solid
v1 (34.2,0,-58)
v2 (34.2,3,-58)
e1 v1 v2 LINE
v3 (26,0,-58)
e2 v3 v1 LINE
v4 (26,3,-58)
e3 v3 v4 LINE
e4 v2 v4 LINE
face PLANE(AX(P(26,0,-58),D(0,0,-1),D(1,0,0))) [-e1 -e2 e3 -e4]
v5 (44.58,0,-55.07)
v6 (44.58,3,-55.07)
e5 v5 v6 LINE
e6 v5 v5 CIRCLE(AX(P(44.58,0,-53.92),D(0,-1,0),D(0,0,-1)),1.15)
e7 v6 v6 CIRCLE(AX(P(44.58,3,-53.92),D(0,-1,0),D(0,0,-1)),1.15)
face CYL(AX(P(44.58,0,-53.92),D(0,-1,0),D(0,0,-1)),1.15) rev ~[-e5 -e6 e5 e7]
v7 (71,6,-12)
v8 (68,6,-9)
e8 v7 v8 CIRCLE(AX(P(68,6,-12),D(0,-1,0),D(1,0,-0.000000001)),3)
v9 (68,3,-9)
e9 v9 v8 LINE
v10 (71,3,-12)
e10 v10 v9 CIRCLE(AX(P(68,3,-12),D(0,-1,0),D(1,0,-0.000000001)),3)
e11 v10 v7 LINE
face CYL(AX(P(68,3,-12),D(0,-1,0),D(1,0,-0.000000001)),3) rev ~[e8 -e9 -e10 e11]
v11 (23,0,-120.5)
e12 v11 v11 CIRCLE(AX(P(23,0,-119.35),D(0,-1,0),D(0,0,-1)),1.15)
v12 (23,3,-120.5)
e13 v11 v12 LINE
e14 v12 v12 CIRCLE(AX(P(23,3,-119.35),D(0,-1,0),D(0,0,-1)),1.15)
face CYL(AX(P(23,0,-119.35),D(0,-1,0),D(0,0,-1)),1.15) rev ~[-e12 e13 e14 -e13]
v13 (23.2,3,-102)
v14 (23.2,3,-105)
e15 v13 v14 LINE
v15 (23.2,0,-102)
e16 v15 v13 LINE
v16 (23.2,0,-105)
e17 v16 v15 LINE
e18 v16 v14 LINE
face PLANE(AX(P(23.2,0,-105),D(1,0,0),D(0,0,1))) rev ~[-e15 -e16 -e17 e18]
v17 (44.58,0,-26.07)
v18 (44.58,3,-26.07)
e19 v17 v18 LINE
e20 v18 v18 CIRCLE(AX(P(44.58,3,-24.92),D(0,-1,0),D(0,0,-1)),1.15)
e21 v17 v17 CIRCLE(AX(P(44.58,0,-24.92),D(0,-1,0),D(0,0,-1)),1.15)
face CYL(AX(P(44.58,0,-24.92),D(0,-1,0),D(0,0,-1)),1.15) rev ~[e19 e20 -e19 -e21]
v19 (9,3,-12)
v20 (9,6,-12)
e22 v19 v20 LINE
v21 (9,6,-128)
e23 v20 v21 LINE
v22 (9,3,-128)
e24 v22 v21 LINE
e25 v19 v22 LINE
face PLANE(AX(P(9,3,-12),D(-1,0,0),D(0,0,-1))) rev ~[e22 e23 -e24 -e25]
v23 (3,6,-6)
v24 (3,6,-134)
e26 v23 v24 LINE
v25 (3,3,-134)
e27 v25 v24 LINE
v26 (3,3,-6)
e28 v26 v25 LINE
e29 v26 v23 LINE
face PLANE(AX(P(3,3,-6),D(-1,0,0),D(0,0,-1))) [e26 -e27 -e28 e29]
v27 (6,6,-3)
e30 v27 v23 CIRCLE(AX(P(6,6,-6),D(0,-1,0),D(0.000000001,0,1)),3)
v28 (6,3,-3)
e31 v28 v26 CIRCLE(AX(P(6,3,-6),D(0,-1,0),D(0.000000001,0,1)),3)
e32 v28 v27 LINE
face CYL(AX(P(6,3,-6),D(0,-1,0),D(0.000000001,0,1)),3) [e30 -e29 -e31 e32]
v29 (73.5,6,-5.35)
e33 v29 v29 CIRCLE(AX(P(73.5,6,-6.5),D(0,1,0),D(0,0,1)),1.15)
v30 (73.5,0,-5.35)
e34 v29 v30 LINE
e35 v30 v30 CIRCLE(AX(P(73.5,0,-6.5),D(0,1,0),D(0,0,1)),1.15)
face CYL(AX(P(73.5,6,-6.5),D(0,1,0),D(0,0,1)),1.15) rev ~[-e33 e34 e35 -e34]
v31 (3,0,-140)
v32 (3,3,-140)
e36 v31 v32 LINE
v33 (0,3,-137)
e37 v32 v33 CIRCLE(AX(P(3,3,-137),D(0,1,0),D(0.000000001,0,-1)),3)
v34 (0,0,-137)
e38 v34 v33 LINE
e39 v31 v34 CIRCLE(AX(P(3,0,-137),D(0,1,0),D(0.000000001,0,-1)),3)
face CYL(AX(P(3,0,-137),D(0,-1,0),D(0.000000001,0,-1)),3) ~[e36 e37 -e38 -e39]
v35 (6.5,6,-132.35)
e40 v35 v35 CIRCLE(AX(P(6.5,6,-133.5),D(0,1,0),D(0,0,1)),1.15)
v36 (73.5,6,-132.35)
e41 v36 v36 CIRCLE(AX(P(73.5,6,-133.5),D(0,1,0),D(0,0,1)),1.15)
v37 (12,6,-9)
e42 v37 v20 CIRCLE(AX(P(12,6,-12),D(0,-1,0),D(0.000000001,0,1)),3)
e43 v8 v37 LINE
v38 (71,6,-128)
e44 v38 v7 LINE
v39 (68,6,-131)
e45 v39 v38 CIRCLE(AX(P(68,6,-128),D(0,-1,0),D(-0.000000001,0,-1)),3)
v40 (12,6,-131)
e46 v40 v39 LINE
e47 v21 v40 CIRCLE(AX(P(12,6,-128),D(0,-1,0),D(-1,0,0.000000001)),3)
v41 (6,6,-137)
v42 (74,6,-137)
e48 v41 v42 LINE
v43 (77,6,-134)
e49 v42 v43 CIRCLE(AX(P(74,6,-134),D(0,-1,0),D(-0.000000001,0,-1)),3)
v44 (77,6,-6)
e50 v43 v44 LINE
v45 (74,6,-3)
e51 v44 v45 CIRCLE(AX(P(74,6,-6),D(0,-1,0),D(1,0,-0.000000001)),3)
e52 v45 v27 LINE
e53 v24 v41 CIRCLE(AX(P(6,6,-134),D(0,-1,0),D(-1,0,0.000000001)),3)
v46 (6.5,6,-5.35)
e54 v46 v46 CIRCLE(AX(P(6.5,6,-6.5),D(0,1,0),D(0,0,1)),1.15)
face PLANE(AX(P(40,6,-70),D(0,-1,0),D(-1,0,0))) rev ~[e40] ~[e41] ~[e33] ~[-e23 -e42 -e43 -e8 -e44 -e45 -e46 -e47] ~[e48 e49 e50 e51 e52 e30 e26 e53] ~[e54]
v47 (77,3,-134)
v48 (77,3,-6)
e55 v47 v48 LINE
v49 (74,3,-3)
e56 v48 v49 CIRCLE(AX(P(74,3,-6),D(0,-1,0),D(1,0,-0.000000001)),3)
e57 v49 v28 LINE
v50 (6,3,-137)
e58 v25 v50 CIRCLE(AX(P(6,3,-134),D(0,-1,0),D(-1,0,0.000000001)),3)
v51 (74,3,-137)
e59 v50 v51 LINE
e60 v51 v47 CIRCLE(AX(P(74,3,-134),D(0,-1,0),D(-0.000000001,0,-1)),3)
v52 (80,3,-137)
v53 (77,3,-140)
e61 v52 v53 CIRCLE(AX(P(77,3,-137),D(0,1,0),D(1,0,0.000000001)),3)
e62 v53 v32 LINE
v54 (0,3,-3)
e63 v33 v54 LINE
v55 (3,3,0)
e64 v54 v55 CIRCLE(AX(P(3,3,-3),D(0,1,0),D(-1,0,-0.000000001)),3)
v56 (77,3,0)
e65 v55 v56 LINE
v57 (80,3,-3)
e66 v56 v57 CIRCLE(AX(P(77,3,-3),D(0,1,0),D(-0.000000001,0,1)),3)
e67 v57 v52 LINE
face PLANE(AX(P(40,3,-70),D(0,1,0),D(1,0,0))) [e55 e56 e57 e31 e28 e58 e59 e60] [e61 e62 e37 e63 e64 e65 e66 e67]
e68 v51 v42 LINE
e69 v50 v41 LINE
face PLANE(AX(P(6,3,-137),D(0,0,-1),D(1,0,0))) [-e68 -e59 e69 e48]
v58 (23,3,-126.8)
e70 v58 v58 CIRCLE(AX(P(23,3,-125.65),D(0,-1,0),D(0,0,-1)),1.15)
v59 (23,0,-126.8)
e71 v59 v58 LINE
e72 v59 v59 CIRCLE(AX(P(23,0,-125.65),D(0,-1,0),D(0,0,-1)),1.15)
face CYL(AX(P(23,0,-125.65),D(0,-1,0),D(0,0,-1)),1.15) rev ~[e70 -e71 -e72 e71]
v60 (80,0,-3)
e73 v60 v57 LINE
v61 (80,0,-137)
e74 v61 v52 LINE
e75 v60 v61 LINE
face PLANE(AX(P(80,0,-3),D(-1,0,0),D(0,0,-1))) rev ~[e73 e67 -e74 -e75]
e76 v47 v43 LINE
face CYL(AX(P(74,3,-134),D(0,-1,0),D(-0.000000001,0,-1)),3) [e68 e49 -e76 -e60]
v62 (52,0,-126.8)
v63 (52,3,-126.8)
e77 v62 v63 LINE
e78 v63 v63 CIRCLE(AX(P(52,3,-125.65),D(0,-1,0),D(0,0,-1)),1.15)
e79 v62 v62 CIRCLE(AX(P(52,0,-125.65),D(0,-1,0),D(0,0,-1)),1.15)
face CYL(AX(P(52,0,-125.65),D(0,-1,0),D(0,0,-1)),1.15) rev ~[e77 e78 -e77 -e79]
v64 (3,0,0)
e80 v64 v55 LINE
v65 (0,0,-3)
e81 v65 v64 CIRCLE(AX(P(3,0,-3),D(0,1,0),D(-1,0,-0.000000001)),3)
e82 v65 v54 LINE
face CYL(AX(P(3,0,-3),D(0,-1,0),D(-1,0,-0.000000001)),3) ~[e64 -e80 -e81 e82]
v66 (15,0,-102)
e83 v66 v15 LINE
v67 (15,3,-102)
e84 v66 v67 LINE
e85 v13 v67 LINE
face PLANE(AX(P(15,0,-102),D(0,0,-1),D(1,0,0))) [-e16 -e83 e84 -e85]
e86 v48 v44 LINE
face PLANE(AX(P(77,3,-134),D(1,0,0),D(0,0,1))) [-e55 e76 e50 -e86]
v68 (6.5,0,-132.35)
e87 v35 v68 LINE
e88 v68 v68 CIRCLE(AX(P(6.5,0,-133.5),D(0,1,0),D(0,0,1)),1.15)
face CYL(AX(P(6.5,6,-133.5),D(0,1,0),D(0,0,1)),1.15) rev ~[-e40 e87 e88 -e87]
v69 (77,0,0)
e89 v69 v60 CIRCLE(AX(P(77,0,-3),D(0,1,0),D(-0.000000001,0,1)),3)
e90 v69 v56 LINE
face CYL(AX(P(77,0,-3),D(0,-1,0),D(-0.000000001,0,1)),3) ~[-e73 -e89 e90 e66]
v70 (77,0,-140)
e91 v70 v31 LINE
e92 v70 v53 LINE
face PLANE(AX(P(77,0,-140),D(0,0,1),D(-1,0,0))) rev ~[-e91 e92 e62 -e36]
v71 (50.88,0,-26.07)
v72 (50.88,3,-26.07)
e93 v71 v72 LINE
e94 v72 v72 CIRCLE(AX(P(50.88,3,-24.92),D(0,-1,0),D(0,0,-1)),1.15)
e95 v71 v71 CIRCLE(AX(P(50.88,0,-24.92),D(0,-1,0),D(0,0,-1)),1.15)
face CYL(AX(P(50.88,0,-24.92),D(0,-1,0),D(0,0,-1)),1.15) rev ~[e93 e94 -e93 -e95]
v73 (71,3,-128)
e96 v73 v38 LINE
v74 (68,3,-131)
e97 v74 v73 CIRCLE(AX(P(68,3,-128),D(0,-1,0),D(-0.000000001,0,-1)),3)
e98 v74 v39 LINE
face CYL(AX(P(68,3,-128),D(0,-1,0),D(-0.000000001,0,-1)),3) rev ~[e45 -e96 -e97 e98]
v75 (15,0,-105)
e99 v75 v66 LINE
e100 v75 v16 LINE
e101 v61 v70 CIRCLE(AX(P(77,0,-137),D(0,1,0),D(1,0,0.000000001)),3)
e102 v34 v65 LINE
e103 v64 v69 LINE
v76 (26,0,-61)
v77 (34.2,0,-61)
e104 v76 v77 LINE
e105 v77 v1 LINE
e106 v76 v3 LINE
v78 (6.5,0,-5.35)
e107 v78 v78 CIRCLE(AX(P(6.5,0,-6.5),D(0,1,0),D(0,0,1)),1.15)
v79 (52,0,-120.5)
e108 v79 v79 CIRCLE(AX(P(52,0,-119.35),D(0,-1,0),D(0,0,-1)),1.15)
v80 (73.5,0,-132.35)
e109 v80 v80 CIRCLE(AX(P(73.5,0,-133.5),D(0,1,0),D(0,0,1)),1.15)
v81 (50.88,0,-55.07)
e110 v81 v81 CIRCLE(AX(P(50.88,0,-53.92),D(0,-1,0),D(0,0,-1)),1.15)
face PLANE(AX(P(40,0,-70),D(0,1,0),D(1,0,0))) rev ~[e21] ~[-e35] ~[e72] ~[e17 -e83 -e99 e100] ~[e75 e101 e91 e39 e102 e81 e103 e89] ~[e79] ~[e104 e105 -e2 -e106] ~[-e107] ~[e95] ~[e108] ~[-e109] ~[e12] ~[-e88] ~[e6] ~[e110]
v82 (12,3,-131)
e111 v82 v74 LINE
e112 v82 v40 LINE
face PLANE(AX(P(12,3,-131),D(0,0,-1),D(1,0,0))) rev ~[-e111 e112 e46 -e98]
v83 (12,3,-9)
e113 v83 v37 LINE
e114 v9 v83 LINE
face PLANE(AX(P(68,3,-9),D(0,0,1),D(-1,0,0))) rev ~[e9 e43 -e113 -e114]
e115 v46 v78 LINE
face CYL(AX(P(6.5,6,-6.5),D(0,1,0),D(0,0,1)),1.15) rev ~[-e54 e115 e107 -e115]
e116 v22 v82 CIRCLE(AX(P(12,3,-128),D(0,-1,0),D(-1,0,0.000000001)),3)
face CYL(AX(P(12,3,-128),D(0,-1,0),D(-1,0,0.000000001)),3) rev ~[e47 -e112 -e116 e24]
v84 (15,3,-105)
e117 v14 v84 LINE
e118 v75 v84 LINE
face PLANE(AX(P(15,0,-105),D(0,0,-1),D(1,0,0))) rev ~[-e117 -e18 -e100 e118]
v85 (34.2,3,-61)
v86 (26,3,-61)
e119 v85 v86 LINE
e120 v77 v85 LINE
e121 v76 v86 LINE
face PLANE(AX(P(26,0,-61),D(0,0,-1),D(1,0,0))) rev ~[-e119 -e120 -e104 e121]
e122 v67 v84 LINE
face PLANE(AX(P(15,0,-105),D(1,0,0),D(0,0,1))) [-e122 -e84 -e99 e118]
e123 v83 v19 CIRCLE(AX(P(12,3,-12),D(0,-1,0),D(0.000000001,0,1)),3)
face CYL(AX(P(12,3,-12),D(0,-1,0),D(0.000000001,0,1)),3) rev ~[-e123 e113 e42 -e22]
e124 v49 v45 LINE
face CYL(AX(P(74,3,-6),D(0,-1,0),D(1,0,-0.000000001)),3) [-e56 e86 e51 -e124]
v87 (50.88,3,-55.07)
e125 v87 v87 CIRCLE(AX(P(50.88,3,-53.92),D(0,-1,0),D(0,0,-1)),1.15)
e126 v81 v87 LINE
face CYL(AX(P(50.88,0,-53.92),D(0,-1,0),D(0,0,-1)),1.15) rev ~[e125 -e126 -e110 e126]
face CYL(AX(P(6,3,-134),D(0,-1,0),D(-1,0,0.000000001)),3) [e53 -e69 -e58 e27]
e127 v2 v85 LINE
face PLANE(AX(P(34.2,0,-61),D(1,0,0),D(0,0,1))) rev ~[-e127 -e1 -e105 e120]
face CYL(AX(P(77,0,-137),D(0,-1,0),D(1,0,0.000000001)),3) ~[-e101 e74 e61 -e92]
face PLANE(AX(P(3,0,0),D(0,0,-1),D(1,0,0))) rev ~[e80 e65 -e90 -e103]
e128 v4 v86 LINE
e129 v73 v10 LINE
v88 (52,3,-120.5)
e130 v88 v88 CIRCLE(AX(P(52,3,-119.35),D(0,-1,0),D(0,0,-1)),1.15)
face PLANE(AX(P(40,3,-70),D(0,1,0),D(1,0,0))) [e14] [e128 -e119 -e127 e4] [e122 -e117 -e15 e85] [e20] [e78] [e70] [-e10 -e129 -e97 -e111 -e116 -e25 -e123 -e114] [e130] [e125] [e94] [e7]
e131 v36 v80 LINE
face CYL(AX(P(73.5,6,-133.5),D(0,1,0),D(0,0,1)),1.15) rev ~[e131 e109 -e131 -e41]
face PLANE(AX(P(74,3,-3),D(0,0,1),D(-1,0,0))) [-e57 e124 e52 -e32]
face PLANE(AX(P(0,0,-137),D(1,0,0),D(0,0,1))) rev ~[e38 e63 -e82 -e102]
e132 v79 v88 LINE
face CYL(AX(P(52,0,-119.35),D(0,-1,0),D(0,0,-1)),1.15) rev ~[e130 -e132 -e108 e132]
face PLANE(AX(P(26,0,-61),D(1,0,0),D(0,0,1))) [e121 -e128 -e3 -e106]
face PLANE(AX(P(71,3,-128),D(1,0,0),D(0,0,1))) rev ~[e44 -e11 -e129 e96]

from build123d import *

# Parameters (mm, degrees)
BOSS_EXTRUDE1_DEPTH = 3
BOSS_EXTRUDE2_DEPTH = 3
SKETCH3_R           = 1.15
CUT_EXTRUDE1_DEPTH  = 162.356747612
SKETCH4_W           = 8.2
SKETCH4_H           = 3
CUT_EXTRUDE2_DEPTH  = 10
SKETCH5_R           = 1.15
CUT_EXTRUDE3_DEPTH  = 3
SKETCH6_R           = 1.15
CUT_EXTRUDE4_DEPTH  = 3


with BuildPart() as part:
    # Sketch1 → Boss-Extrude1 (new body)
    with BuildSketch(Plane(origin=(0, 0, 0), x_dir=(1, 0, 0), z_dir=(0, 1, 0))):
        with BuildLine():
            Line((3, 0), (77, 0))
            ThreePointArc((77, 0), (79.121320344, 0.878679656), (80, 3))
            Line((80, 3), (80, 137))
            ThreePointArc((80, 137), (79.121320344, 139.121320344), (77, 140))
            Line((77, 140), (3, 140))
            ThreePointArc((3, 140), (0.878679656, 139.121320344), (0, 137))
            Line((0, 137), (0, 3))
            ThreePointArc((0, 3), (0.878679656, 0.878679656), (3, 0))
        make_face()
    extrude(amount=BOSS_EXTRUDE1_DEPTH)

    # Sketch2 → Boss-Extrude2 (add)
    with BuildSketch(Plane(origin=(0, 3, 0), x_dir=(1, 0, 0), z_dir=(0, 1, 0))):
        with BuildLine():
            Line((6, 137), (74, 137))
            ThreePointArc((74, 137), (76.121320344, 136.121320344), (77, 134))
            Line((77, 134), (77, 6))
            ThreePointArc((77, 6), (76.121320344, 3.878679656), (74, 3))
            Line((74, 3), (6, 3))
            ThreePointArc((6, 3), (3.878679656, 3.878679656), (3, 6))
            Line((3, 6), (3, 134))
            ThreePointArc((3, 134), (3.878679656, 136.121320344), (6, 137))
        make_face()
        with BuildLine():
            Line((12, 131), (68, 131))
            ThreePointArc((68, 131), (70.121320344, 130.121320344), (71, 128))
            Line((71, 128), (71, 12))
            ThreePointArc((71, 12), (70.121320344, 9.878679656), (68, 9))
            Line((68, 9), (12, 9))
            ThreePointArc((12, 9), (9.878679656, 9.878679656), (9, 12))
            Line((9, 12), (9, 128))
            ThreePointArc((9, 128), (9.878679656, 130.121320344), (12, 131))
        make_face(mode=Mode.SUBTRACT)
    extrude(amount=BOSS_EXTRUDE2_DEPTH)

    # Sketch3 → Cut-Extrude1 (cut, through all)
    with BuildSketch(Plane(origin=(0, 6, 0), x_dir=(1, 0, 0), z_dir=(0, 1, 0))):
        with Locations(Location((6.5, 133.5, 0), (0, 0, 270))):
            Circle(SKETCH3_R)
        with Locations(Location((73.5, 133.5, 0), (0, 0, 270))):
            Circle(SKETCH3_R)
        with Locations(Location((73.5, 6.5, 0), (0, 0, 270))):
            Circle(SKETCH3_R)
        with Locations(Location((6.5, 6.5, 0), (0, 0, 270))):
            Circle(SKETCH3_R)
    extrude(amount=-CUT_EXTRUDE1_DEPTH, mode=Mode.SUBTRACT)

    # Sketch4 → Cut-Extrude2 (cut)
    with BuildSketch(Plane.XZ):
        with Locations((30.1, -59.5)):
            Rectangle(SKETCH4_W, SKETCH4_H)
        with Locations((19.1, -103.5)):
            Rectangle(SKETCH4_W, SKETCH4_H)
    extrude(amount=-CUT_EXTRUDE2_DEPTH, mode=Mode.SUBTRACT)

    # Sketch5 → Cut-Extrude3 (cut)
    with BuildSketch(Plane.XZ):
        with Locations(Location((23, -125.65, 0), (0, 0, 270))):
            Circle(SKETCH5_R)
        with Locations(Location((52, -125.65, 0), (0, 0, 270))):
            Circle(SKETCH5_R)
        with Locations(Location((52, -119.35, 0), (0, 0, 270))):
            Circle(SKETCH5_R)
        with Locations(Location((23, -119.35, 0), (0, 0, 270))):
            Circle(SKETCH5_R)
    extrude(amount=-CUT_EXTRUDE3_DEPTH, mode=Mode.SUBTRACT)

    # Sketch6 → Cut-Extrude4 (cut)
    with BuildSketch(Plane.XZ):
        with Locations(Location((50.88, -53.92, 0), (0, 0, 270))):
            Circle(SKETCH6_R)
        with Locations(Location((44.58, -53.92, 0), (0, 0, 270))):
            Circle(SKETCH6_R)
        with Locations(Location((50.88, -24.92, 0), (0, 0, 270))):
            Circle(SKETCH6_R)
        with Locations(Location((44.58, -24.92, 0), (0, 0, 270))):
            Circle(SKETCH6_R)
    extrude(amount=-CUT_EXTRUDE4_DEPTH, mode=Mode.SUBTRACT)


solid = part.part
